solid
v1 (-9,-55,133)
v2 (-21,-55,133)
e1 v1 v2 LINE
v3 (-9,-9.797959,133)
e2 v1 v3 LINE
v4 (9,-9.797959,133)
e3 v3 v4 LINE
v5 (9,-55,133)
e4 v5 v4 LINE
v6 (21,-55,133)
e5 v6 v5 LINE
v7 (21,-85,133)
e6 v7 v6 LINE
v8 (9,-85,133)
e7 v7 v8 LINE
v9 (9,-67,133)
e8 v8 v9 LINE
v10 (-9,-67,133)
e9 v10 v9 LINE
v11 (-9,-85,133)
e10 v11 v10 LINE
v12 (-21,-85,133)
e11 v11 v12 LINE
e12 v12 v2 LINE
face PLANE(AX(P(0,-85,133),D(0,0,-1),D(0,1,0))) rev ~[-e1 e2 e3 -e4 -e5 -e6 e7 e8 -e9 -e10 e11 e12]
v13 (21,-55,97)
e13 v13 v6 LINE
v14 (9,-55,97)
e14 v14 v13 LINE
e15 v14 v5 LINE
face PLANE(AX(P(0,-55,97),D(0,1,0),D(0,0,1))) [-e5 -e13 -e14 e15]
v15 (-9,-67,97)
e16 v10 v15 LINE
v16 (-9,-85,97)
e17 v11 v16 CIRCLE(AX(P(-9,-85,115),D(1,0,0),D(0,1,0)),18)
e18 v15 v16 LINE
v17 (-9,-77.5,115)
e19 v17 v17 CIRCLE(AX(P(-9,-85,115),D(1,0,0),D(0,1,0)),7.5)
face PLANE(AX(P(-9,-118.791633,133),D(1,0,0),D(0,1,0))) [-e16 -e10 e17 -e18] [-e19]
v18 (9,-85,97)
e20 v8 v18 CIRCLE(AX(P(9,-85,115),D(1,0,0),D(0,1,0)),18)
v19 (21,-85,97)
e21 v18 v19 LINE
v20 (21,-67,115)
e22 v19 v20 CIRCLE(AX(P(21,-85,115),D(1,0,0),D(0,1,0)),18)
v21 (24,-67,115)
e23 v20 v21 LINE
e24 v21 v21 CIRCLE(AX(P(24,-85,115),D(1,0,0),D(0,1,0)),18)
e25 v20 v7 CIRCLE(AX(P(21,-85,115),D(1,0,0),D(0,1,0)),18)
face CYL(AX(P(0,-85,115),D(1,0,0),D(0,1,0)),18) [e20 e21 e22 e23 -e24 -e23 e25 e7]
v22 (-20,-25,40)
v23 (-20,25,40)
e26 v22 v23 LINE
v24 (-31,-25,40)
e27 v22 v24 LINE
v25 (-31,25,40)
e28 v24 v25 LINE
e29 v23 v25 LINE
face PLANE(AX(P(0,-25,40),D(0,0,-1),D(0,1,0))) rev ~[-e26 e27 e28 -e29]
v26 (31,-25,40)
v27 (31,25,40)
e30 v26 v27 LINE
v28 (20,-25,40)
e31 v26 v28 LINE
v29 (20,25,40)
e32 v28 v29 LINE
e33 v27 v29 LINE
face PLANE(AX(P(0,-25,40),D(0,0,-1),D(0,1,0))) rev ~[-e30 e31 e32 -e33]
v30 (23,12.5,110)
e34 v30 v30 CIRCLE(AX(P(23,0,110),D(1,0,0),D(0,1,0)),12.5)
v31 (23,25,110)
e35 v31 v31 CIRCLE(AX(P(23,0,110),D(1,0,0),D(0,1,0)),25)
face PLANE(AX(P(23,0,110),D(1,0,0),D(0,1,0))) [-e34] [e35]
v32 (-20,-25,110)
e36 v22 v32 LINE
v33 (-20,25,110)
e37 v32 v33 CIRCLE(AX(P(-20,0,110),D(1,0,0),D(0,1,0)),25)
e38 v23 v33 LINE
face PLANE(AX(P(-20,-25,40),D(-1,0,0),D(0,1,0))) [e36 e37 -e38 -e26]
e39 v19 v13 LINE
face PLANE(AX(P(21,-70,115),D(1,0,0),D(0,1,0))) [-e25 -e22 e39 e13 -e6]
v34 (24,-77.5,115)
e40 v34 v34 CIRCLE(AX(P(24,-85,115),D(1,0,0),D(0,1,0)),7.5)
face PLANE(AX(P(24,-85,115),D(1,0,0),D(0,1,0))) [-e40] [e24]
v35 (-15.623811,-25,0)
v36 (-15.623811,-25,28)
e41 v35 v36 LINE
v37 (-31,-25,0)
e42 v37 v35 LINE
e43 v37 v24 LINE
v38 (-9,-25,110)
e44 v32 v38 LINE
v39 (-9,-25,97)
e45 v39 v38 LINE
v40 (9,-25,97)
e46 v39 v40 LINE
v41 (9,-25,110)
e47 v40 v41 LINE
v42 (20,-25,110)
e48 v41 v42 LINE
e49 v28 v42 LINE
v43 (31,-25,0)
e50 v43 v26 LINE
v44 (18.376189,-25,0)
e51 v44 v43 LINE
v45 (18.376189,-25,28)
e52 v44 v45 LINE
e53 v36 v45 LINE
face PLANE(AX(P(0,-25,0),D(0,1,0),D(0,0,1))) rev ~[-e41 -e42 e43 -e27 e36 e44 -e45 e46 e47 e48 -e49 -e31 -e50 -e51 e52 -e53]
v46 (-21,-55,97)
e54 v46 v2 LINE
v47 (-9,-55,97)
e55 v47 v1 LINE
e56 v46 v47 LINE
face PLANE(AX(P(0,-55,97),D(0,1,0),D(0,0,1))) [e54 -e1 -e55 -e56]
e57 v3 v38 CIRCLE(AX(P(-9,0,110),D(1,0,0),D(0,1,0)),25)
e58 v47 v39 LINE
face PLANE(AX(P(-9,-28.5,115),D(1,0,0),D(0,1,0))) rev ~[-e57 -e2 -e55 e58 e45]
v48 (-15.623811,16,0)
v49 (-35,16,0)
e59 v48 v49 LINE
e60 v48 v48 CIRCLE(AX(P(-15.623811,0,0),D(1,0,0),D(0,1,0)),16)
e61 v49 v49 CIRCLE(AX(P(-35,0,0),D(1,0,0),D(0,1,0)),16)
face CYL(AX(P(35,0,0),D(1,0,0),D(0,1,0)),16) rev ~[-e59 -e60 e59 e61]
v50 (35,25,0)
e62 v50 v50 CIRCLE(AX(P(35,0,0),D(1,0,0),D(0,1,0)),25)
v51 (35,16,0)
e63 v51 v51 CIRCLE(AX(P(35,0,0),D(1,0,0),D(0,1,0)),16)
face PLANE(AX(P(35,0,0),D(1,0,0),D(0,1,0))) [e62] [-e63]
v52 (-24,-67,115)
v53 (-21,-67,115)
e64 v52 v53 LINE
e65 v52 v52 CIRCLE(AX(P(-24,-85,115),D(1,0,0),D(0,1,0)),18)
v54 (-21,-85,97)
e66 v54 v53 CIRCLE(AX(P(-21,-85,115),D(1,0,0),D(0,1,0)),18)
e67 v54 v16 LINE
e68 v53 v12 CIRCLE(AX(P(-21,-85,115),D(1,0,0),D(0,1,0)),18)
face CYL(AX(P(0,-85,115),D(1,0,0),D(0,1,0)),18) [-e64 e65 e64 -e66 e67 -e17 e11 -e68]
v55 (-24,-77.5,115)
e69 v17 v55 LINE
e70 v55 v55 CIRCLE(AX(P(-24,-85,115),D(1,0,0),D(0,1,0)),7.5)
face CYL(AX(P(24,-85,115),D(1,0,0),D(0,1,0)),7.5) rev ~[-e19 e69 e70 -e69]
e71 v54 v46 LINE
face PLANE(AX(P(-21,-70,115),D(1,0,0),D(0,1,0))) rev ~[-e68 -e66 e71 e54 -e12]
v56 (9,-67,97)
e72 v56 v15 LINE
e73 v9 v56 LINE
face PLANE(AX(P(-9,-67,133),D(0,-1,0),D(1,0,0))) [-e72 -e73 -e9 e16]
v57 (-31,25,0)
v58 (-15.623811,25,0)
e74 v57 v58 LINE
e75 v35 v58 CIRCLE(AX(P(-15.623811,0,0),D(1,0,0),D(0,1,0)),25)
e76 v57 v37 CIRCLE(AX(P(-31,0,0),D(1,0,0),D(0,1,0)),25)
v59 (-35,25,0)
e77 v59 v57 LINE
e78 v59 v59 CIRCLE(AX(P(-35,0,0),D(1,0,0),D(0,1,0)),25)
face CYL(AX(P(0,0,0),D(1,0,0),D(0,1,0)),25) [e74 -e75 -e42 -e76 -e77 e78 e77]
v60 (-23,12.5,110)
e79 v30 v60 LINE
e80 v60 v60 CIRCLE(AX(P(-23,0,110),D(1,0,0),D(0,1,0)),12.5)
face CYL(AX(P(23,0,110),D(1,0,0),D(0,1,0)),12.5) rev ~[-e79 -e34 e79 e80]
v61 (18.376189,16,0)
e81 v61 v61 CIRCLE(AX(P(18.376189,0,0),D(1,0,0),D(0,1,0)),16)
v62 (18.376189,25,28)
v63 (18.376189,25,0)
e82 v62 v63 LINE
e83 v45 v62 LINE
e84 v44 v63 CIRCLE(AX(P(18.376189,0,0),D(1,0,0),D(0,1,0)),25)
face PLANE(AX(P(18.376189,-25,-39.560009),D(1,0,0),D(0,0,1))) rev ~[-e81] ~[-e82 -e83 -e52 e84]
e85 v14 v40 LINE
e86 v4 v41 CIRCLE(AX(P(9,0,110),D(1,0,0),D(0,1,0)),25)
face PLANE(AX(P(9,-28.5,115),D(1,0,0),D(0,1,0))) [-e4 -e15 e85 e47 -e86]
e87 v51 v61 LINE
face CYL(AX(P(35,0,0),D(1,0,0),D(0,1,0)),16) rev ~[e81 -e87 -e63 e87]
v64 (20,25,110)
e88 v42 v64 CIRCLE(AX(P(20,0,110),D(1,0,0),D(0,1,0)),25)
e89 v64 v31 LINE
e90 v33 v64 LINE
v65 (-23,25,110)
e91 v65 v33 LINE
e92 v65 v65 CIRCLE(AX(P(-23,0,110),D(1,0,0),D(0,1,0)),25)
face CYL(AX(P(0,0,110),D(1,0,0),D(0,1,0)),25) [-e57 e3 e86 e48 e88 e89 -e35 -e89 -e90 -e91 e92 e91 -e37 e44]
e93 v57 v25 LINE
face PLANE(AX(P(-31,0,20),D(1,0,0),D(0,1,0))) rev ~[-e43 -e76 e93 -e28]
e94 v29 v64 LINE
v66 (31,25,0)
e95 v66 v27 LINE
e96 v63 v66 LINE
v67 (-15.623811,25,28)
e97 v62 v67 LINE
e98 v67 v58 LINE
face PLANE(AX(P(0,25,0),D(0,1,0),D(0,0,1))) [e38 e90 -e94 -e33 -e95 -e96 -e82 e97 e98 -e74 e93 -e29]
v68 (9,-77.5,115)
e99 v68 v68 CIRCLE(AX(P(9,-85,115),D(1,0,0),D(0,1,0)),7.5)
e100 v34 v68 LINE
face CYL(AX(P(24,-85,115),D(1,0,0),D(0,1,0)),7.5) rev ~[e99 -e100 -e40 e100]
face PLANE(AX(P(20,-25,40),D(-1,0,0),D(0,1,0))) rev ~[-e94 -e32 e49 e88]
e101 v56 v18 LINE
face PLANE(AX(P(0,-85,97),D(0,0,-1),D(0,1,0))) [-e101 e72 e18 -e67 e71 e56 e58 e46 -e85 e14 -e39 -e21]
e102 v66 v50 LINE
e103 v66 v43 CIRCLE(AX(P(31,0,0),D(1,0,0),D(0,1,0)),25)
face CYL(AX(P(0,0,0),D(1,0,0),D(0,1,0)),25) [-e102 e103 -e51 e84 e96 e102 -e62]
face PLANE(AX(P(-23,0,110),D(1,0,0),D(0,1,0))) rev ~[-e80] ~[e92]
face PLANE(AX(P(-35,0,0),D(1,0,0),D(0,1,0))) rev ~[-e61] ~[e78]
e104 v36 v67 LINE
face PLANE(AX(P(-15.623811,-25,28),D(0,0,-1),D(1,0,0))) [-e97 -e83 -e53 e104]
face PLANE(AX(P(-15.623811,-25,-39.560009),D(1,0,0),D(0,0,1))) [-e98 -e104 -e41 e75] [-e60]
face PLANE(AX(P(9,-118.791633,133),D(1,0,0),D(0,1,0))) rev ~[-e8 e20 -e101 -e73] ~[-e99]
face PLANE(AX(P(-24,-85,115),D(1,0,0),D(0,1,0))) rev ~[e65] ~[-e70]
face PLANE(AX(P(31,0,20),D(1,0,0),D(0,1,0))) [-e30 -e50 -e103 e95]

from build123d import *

# Parameters (mm, degrees)
SKETCH_R        = 25
PAD_DEPTH       = 35
SKETCH001_W     = 50
SKETCH001_H     = 40
PAD001_DEPTH    = 31
SKETCH002_W     = 34
SKETCH002_H     = 67.560009
POCKET_DEPTH    = 50.001
SKETCH003_R     = 16
POCKET001_DEPTH = 70.001
SKETCH004_W     = 40
SKETCH004_H     = 50
PAD002_DEPTH    = 70
SKETCH005_R     = 25
PAD003_DEPTH    = 23
SKETCH007_W     = 30
SKETCH007_H     = 36
PAD005_DEPTH    = 21
SKETCH006_R     = 18
PAD004_DEPTH    = 24
SKETCH008_W     = 18
SKETCH008_H     = 51.791633
POCKET002_DEPTH = 36.001
SKETCH009_R     = 7.5
POCKET003_DEPTH = 36.001
SKETCH010_W     = 57
SKETCH010_H     = 36
PAD006_DEPTH    = 9
SKETCH011_R     = 12.5
POCKET004_DEPTH = 58.001
SKETCH012_R     = 7.5
POCKET005_DEPTH = 59.001


with BuildPart() as pad:
    # Sketch → Pad (new body, symmetric)
    with BuildSketch(Plane.YZ):
        Circle(SKETCH_R)
    extrude(amount=PAD_DEPTH, both=True)


with BuildPart() as pad002:
    # Sketch001 → Pad001 (new body, symmetric)
    with BuildSketch(Plane.YZ):
        with Locations((0, 20)):
            Rectangle(SKETCH001_W, SKETCH001_H)
    extrude(amount=PAD001_DEPTH, both=True)

    # Fusion: union Pad
    add(pad.part)

    # Sketch002 → Pocket (cut, through all)
    with BuildSketch(Plane.XZ.offset(25)):
        with Locations((1.376189, -5.780005)):
            Rectangle(SKETCH002_W, SKETCH002_H)
    extrude(amount=-POCKET_DEPTH, mode=Mode.SUBTRACT)

    # Sketch003 → Pocket001 (cut, through all)
    with BuildSketch(Plane.YZ.offset(35)):
        Circle(SKETCH003_R)
    extrude(amount=-POCKET001_DEPTH, mode=Mode.SUBTRACT)

    # Sketch004 → Pad002 (new body)
    with BuildSketch(Plane.XY.offset(40)):
        Rectangle(SKETCH004_W, SKETCH004_H)
    extrude(amount=PAD002_DEPTH)


with BuildPart() as fusion003:
    # Sketch005 → Pad003 (new body, symmetric)
    with BuildSketch(Plane.YZ):
        with Locations((0, 110)):
            Circle(SKETCH005_R)
    extrude(amount=PAD003_DEPTH, both=True)

    # Fusion003: union Pad002
    add(pad002.part)


with BuildPart() as pad005:
    # Sketch007 → Pad005 (new body, symmetric)
    with BuildSketch(Plane.YZ):
        with Locations((-70, 115)):
            Rectangle(SKETCH007_W, SKETCH007_H)
    extrude(amount=PAD005_DEPTH, both=True)


with BuildPart() as pocket003:
    # Sketch006 → Pad004 (new body, symmetric)
    with BuildSketch(Plane.YZ):
        with Locations((-85, 115)):
            Circle(SKETCH006_R)
    extrude(amount=PAD004_DEPTH, both=True)

    # Fusion001: union Pad005
    add(pad005.part)

    # Sketch008 → Pocket002 (cut, through all)
    with BuildSketch(Plane.XY.offset(133)):
        with Locations((0, -92.895816)):
            Rectangle(SKETCH008_W, SKETCH008_H)
    extrude(amount=-POCKET002_DEPTH, mode=Mode.SUBTRACT)

    # Sketch009 → Pocket003 (cut, through all)
    with BuildSketch(Plane.XY.offset(133)):
        with Locations((-85, 110)):
            Circle(SKETCH009_R)
    extrude(amount=-POCKET003_DEPTH, mode=Mode.SUBTRACT)


with BuildPart() as pocket005:
    # Sketch010 → Pad006 (new body, symmetric)
    with BuildSketch(Plane.YZ):
        with Locations((-28.5, 115)):
            Rectangle(SKETCH010_W, SKETCH010_H)
    extrude(amount=PAD006_DEPTH, both=True)

    # Fusion002: union Pocket003
    add(pocket003.part)

    # Fusion004: union Fusion003
    add(fusion003.part)

    # Sketch011 → Pocket004 (cut, through all)
    with BuildSketch(Plane.YZ.offset(23)):
        with Locations((0, 110)):
            Circle(SKETCH011_R)
    extrude(amount=-POCKET004_DEPTH, mode=Mode.SUBTRACT)

    # Sketch012 → Pocket005 (cut, through all)
    with BuildSketch(Plane.YZ.offset(24)):
        with Locations((-85, 115)):
            Circle(SKETCH012_R)
    extrude(amount=-POCKET005_DEPTH, mode=Mode.SUBTRACT)


solid = pocket005.part
